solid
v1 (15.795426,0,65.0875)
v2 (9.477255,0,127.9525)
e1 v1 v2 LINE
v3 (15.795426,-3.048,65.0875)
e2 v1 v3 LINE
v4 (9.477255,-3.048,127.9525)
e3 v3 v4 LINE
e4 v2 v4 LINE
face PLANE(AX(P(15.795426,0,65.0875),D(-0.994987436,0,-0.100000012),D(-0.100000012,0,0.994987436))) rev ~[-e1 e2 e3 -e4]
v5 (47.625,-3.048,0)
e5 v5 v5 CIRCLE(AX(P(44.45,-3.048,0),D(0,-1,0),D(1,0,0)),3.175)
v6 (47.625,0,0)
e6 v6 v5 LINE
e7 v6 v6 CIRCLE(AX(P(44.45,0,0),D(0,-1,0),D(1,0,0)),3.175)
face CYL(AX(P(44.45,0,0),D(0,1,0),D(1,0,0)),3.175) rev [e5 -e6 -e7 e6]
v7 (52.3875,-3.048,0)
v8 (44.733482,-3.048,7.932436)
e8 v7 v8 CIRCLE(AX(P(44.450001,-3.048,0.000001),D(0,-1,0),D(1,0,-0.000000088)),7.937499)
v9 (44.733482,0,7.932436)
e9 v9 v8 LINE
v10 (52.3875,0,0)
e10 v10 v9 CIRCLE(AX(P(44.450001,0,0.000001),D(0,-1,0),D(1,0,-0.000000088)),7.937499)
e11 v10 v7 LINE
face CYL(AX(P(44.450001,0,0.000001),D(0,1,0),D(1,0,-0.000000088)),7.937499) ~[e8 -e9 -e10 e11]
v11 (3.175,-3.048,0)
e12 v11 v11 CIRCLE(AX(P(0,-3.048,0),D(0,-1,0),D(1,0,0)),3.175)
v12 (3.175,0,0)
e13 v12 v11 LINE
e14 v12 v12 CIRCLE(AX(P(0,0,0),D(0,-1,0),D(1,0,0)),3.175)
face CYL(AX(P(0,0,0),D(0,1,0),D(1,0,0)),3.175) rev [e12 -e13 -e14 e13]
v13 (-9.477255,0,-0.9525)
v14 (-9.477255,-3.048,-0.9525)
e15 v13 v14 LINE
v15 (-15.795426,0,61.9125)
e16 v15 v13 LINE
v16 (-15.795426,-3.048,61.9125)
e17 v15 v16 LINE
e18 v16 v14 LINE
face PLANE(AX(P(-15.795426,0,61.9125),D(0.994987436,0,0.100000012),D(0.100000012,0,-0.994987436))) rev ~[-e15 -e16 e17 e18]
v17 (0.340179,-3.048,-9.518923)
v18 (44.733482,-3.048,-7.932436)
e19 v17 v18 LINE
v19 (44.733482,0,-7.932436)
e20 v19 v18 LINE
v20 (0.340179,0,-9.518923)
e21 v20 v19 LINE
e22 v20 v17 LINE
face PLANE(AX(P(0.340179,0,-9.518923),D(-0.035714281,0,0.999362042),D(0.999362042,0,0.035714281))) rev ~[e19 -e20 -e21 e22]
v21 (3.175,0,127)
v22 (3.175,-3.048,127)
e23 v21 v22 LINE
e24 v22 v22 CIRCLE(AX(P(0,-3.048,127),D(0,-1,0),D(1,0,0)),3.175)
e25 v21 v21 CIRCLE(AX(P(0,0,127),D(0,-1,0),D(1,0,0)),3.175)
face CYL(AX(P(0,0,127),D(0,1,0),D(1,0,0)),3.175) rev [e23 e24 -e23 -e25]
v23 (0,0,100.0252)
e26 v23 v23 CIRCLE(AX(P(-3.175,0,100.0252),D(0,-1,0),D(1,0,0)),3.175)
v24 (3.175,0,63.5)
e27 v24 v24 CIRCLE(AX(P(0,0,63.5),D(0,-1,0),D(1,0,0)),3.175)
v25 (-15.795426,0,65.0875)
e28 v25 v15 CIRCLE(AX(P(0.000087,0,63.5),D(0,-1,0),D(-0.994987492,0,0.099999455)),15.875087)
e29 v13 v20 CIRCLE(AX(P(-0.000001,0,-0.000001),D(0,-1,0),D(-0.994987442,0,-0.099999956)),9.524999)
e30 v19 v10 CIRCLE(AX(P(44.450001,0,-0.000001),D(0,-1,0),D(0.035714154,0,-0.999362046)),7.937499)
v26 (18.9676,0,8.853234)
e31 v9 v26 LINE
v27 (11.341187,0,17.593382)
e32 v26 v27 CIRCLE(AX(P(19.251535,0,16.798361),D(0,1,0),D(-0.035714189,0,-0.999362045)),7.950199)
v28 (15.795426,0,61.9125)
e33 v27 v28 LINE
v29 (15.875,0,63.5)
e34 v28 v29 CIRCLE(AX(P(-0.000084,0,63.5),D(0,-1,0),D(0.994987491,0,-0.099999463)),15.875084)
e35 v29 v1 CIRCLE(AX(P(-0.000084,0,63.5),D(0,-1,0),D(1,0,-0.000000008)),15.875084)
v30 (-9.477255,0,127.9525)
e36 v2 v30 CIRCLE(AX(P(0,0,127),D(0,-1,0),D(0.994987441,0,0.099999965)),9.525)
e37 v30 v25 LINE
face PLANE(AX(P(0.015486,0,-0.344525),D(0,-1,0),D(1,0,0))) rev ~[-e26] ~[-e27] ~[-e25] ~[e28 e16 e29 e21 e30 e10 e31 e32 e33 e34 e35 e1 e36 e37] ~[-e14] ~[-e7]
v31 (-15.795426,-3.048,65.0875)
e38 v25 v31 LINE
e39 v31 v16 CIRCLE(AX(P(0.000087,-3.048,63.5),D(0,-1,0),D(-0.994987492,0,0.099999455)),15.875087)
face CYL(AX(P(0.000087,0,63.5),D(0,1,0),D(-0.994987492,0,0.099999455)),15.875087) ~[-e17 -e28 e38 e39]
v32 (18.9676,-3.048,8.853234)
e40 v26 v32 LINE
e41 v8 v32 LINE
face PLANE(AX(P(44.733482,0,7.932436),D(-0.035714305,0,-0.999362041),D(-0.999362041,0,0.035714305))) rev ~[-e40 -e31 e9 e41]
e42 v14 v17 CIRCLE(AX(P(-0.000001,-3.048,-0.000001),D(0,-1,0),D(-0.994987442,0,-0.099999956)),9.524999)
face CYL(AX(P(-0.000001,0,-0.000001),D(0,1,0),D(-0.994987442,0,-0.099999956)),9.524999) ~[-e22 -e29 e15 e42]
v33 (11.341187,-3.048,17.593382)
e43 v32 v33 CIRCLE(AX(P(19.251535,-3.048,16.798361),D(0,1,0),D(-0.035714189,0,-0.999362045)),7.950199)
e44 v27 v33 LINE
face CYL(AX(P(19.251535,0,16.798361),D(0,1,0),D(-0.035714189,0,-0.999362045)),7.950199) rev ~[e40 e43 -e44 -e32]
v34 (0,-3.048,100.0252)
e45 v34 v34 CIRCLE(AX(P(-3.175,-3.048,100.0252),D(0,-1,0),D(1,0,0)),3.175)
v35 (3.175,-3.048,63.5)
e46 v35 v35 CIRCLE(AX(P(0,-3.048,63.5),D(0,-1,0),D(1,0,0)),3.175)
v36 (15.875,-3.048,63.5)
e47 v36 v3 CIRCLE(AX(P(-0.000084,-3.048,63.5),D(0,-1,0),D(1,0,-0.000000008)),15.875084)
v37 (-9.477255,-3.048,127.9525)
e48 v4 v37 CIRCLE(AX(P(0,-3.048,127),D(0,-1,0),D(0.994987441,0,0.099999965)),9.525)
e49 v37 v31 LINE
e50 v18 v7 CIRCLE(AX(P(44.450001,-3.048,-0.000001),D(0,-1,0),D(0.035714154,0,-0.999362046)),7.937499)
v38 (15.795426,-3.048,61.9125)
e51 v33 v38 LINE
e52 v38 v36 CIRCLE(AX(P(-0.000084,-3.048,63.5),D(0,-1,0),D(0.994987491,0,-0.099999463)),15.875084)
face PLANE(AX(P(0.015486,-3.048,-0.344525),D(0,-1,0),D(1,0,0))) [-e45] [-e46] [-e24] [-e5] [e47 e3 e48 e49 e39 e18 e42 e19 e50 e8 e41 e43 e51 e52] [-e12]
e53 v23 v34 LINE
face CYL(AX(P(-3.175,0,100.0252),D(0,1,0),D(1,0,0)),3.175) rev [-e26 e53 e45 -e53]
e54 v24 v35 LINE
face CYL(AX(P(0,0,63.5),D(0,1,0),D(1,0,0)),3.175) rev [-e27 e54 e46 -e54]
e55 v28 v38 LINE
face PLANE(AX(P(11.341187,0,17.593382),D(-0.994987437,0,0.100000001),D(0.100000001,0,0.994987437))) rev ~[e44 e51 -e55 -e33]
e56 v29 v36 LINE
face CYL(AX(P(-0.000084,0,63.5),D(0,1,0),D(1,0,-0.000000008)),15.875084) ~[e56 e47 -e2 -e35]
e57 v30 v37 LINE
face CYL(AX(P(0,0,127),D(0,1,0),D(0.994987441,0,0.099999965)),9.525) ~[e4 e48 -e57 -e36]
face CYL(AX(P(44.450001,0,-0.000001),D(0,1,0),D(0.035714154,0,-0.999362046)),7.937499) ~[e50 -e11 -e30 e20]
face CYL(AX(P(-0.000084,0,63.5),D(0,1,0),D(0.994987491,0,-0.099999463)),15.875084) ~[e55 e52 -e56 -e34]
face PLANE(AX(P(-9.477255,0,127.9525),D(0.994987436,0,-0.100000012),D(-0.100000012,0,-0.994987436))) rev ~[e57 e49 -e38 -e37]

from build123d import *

# Parameters (mm, degrees)
F0_R     = 3.175
F1_DEPTH = 3.048


with BuildPart() as f1:
    # F0 (on Front) → F1 (new body)
    with BuildSketch(Plane.XZ):
        with BuildLine():
            ThreePointArc((0.340179, -9.518923), (6.854408, -6.613827), (9.525, 0))
            ThreePointArc((9.525, 0), (-0.476848, 9.513056), (-9.477255, -0.9525))
            ThreePointArc((-9.477255, -0.9525), (-6.262383, -7.17692), (0.340179, -9.518923))
        make_face()
        Circle(F0_R, mode=Mode.SUBTRACT)
        with BuildLine():
            ThreePointArc((-9.477255, -0.9525), (-0.476848, 9.513056), (9.525, 0))
            ThreePointArc((9.525, 0), (6.854408, -6.613827), (0.340179, -9.518923))
            Line((0.340179, -9.518923), (44.733482, -7.932436))
            ThreePointArc((44.733482, -7.932436), (36.5125, 0), (44.733482, 7.932436))
            Line((44.733482, 7.932436), (18.9676, 8.853234))
            ThreePointArc((18.9676, 8.853234), (13.2612, 11.571359), (11.341187, 17.593382))
            Line((11.341187, 17.593382), (15.795426, 61.9125))
            ThreePointArc((15.795426, 61.9125), (0, 47.625), (-15.795426, 61.9125))
            Line((-15.795426, 61.9125), (-9.477255, -0.9525))
        make_face()
        with BuildLine():
            ThreePointArc((-15.795426, 65.0875), (-15.875, 63.5), (-15.795426, 61.9125))
            ThreePointArc((-15.795426, 61.9125), (0, 47.625), (15.795426, 61.9125))
            ThreePointArc((15.795426, 61.9125), (15.855094, 62.705253), (15.875, 63.5))
            ThreePointArc((15.875, 63.5), (15.855094, 64.294747), (15.795426, 65.0875))
            ThreePointArc((15.795426, 65.0875), (0, 79.375), (-15.795426, 65.0875))
        make_face()
        with Locations((0, 63.5)):
            Circle(F0_R, mode=Mode.SUBTRACT)
        with BuildLine():
            ThreePointArc((44.733482, 7.932436), (36.5125, 0), (44.733482, -7.932436))
            ThreePointArc((44.733482, -7.932436), (50.162007, -5.511523), (52.3875, 0))
            ThreePointArc((52.3875, 0), (50.162007, 5.511523), (44.733482, 7.932436))
        make_face()
        with Locations((44.45, 0)):
            Circle(F0_R, mode=Mode.SUBTRACT)
        with BuildLine():
            Line((-9.477255, 127.9525), (-15.795426, 65.0875))
            ThreePointArc((-15.795426, 65.0875), (0, 79.375), (15.795426, 65.0875))
            Line((15.795426, 65.0875), (9.477255, 127.9525))
            ThreePointArc((9.477255, 127.9525), (9.513056, 127.476848), (9.525, 127))
            ThreePointArc((9.525, 127), (-0.476848, 117.486944), (-9.477255, 127.9525))
        make_face()
        with Locations((-3.175, 100.0252)):
            Circle(F0_R, mode=Mode.SUBTRACT)
        with BuildLine():
            ThreePointArc((9.477255, 127.9525), (0, 136.525), (-9.477255, 127.9525))
            ThreePointArc((-9.477255, 127.9525), (-0.476848, 117.486944), (9.525, 127))
            ThreePointArc((9.525, 127), (9.513056, 127.476848), (9.477255, 127.9525))
        make_face()
        with Locations((0, 127)):
            Circle(F0_R, mode=Mode.SUBTRACT)
    extrude(amount=F1_DEPTH)


solid = f1.part
